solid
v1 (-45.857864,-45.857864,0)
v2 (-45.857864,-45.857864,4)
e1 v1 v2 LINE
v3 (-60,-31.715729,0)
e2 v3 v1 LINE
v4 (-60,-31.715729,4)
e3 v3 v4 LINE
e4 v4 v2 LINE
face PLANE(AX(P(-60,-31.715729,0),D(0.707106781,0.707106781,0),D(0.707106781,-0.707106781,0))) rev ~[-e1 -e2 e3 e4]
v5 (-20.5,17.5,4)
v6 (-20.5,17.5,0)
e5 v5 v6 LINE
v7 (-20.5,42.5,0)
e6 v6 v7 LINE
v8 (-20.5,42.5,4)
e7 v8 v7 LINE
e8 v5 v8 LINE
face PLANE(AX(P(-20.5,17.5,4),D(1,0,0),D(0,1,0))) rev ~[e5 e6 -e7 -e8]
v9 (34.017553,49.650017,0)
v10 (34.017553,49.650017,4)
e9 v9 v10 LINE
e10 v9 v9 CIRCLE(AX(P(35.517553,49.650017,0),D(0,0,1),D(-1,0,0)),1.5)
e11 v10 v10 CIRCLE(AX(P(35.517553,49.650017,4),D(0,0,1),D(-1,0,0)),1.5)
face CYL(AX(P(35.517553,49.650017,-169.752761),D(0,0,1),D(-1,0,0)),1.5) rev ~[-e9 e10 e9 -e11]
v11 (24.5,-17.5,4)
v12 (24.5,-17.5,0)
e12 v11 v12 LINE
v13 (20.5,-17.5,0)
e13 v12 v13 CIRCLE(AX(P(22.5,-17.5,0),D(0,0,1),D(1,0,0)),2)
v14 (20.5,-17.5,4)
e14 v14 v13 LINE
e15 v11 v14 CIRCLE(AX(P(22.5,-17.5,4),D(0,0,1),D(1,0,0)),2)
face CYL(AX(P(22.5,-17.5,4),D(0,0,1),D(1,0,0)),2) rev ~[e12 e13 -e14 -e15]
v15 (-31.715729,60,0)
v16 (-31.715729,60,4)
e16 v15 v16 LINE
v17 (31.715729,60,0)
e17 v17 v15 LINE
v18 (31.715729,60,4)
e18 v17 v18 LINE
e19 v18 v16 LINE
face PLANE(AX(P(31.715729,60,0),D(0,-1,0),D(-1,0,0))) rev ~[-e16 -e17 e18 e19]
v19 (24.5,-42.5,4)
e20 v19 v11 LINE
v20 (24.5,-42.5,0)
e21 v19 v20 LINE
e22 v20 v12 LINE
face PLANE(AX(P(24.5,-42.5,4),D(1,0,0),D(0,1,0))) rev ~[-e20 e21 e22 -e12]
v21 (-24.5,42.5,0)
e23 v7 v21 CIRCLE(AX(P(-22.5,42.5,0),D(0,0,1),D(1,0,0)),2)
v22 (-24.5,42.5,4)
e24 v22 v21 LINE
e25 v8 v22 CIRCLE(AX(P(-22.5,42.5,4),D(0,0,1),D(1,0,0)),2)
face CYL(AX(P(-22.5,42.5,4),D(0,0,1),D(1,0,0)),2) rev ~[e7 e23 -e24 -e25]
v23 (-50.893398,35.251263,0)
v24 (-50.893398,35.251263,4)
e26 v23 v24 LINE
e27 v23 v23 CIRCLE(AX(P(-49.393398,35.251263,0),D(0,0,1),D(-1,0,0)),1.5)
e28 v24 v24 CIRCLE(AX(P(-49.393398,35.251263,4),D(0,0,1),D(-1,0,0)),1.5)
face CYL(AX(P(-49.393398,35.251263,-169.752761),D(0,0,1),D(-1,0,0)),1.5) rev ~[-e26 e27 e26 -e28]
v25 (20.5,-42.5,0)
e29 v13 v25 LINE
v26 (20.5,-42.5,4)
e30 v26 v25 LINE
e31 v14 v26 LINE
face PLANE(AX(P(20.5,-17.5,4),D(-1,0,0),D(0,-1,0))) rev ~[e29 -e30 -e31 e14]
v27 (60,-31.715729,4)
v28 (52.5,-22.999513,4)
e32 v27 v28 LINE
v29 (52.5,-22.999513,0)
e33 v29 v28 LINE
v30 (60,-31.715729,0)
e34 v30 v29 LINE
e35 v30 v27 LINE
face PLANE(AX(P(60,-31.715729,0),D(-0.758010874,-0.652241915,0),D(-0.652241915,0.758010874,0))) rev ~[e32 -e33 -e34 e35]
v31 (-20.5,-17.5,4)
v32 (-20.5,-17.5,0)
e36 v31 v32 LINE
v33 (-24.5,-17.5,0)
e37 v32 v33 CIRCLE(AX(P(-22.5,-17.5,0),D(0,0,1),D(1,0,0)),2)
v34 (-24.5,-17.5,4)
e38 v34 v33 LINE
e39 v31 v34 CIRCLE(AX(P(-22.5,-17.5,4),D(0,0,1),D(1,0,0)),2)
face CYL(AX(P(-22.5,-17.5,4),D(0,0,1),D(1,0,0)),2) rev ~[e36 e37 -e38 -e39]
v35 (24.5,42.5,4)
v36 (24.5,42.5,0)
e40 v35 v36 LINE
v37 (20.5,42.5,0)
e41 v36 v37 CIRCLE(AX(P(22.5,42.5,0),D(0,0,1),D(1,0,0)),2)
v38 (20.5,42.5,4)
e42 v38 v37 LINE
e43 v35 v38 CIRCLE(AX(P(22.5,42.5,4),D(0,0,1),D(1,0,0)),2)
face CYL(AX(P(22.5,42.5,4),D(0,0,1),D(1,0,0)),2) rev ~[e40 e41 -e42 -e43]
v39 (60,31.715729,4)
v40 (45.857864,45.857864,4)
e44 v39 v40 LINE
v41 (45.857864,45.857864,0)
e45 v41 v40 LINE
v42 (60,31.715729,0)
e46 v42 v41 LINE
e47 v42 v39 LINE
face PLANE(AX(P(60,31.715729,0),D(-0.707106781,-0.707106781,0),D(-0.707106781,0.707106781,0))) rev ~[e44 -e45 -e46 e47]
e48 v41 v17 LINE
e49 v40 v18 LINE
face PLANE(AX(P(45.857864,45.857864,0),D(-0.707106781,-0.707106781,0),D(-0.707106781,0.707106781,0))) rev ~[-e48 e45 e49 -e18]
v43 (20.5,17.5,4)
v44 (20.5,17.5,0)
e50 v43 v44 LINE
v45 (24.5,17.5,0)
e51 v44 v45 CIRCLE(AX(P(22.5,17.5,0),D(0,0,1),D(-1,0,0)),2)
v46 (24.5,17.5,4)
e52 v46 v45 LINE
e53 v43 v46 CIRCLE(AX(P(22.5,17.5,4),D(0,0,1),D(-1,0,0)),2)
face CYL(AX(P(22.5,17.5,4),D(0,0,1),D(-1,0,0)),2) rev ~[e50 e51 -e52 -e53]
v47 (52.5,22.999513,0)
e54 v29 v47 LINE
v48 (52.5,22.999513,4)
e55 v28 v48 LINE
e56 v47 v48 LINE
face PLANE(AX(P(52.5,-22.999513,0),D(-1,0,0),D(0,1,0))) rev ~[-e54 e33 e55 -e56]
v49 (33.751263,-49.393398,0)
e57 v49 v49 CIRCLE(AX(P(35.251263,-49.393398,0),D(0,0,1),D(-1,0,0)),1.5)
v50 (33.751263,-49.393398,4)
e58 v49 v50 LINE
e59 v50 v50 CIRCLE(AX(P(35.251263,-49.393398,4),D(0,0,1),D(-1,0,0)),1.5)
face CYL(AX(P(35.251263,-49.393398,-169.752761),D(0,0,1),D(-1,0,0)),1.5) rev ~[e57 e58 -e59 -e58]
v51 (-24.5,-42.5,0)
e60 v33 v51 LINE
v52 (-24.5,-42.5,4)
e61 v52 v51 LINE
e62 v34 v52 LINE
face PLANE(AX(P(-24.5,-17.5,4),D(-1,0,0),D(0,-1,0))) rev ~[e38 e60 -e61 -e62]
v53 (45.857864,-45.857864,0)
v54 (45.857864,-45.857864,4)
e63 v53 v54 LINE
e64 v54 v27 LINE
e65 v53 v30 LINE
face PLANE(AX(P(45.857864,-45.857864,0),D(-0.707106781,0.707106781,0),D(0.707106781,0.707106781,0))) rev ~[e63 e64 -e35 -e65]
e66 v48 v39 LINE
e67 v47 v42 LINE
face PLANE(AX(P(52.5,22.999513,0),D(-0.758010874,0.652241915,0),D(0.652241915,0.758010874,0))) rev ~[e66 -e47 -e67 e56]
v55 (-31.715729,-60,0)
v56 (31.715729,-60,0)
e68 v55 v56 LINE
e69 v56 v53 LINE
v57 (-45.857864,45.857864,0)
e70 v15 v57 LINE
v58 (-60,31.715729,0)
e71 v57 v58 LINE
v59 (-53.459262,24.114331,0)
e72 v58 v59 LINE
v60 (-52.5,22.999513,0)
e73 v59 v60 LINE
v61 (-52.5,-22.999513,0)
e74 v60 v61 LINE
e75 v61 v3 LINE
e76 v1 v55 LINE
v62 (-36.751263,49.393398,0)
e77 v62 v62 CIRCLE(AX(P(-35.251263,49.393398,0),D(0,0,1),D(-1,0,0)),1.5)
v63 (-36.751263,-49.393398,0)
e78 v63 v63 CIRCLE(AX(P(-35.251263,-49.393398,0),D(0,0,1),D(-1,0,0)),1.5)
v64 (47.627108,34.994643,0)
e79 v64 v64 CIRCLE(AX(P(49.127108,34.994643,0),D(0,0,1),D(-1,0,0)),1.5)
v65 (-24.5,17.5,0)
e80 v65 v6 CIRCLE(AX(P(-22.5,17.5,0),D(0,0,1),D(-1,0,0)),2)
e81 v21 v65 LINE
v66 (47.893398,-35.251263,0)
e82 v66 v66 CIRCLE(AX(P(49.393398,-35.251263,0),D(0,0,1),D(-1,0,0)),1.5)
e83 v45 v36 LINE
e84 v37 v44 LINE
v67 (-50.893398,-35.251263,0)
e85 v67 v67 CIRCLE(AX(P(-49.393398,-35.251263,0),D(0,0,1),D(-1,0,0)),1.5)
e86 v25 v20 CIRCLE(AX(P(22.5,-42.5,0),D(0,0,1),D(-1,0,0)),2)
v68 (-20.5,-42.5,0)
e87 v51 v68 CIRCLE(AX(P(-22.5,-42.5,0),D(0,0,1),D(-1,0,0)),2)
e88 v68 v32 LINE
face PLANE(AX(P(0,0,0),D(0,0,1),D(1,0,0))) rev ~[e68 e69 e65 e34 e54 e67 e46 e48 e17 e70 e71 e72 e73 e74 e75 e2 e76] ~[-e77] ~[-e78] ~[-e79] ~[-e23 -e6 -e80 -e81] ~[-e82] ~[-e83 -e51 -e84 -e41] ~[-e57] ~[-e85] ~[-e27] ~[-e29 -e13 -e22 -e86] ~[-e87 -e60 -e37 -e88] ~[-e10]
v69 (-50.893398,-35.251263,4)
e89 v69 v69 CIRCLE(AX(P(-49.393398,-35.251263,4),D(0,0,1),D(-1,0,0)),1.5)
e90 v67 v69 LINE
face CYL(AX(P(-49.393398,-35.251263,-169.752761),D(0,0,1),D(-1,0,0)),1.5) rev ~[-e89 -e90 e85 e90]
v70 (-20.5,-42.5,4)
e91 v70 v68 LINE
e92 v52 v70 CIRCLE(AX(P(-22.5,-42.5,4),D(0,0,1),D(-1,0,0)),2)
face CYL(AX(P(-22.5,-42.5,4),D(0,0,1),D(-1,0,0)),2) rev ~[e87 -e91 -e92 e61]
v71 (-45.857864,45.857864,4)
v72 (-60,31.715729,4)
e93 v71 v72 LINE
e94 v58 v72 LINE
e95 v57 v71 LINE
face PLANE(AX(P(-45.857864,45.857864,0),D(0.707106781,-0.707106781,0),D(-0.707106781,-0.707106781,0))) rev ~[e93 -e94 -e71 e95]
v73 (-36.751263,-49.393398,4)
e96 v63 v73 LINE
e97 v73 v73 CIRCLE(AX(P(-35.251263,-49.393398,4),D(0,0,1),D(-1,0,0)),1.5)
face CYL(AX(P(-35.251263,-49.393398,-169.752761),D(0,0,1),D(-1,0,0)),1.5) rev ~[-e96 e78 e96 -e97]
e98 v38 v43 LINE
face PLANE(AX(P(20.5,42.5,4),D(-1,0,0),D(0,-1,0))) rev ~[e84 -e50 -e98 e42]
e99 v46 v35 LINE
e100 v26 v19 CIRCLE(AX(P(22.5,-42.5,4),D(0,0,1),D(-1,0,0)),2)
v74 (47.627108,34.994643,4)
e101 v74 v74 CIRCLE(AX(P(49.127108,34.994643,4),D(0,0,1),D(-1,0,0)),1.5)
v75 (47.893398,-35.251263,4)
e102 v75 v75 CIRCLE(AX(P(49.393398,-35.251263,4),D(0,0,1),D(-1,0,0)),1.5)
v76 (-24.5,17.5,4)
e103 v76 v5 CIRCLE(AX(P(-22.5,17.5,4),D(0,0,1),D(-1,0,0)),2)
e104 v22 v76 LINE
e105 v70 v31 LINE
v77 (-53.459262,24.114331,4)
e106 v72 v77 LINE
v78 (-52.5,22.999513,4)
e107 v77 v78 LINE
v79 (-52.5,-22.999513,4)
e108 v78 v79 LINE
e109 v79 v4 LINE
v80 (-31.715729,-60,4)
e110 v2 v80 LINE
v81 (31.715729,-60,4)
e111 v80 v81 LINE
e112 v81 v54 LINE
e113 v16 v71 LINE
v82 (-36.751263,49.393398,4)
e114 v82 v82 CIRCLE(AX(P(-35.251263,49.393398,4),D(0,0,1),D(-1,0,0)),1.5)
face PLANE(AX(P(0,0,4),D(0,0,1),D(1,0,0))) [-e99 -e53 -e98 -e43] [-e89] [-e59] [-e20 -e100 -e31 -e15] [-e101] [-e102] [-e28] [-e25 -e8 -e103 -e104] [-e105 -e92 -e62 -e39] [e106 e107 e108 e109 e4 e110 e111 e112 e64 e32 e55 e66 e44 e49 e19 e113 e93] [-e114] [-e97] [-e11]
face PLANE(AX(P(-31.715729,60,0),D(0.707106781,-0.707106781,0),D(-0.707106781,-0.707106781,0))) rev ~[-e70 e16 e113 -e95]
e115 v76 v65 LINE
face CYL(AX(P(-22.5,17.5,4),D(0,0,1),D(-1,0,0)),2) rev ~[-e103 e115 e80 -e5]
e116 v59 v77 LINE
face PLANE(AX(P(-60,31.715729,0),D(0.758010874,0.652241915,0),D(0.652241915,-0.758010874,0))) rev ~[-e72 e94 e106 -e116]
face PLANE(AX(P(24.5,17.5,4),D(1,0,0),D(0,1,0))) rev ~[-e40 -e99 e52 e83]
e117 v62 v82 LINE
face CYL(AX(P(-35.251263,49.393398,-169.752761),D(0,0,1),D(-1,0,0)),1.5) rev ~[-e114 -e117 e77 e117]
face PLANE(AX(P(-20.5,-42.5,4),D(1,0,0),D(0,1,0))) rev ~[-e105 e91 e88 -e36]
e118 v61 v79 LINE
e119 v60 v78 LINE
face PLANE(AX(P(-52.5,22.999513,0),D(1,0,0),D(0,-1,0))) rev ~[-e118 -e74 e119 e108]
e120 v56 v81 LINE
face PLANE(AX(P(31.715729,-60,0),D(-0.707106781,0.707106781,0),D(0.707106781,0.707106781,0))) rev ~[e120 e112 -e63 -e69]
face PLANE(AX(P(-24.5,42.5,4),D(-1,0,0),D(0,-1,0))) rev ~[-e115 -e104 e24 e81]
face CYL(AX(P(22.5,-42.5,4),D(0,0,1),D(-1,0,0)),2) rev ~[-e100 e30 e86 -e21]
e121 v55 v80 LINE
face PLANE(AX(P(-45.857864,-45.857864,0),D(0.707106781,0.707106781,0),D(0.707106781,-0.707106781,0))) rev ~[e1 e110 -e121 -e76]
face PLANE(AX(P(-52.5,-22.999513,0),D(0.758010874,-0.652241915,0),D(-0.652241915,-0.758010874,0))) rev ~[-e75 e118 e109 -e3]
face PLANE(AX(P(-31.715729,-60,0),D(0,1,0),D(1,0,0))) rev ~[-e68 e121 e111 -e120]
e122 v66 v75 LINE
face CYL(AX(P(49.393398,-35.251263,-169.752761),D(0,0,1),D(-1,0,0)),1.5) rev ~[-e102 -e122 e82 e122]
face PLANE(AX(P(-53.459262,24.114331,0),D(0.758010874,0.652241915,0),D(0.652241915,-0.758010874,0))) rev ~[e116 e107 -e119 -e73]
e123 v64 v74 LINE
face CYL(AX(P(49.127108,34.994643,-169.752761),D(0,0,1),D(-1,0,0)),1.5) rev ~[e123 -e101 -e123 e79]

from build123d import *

# Parameters (mm, degrees)
F5_DEPTH = 4
F7_D     = 3
F9_DEPTH = 4.001


with BuildPart() as f5:
    # F4 (on Top) → F5 (new body)
    with BuildSketch(Plane.XY):
        Polygon((31.7157287525, 60), (-31.7157287525, 60), (-45.8578643763, 45.8578643763), (-60, 31.7157287525), (-53.459262274, 24.1143308548), (-52.5, 22.9995125363), (-52.5, -22.9995125363), (-60, -31.7157287525), (-45.8578643763, -45.8578643763), (-31.7157287525, -60), (31.7157287525, -60), (45.8578643763, -45.8578643763), (60, -31.7157287525), (52.5, -22.9995125363), (52.5, 22.9995125363), (60, 31.7157287525), (45.8578643763, 45.8578643763), align=None)
    extrude(amount=F5_DEPTH)

    # F7 (through all)
    with Locations(Plane(origin=(0, 0, 0), x_dir=(1, 0, 0), z_dir=(0, 0, -1))):
        with Locations((-49.3933982822, -35.2512626585), (-35.2512626585, -49.3933982822), (35.5175525155, -49.6500174851), (49.1271084251, -34.9946434556), (49.3933982822, 35.2512626585), (35.2512626585, 49.3933982822), (-35.2512626585, 49.3933982822), (-49.3933982822, 35.2512626585)):
            Hole(F7_D / 2)

    # F8 (on face) + F0 (on Top) → F9 (cut, through all)
    with BuildSketch(Plane.XY.offset(4)):
        with BuildLine():
            ThreePointArc((-20.5, 42.5), (-22.5, 44.5), (-24.5, 42.5))
            Line((-24.5, 42.5), (-24.5, 17.5))
            ThreePointArc((-24.5, 17.5), (-22.5, 15.5), (-20.5, 17.5))
            Line((-20.5, 17.5), (-20.5, 42.5))
        make_face()
        with BuildLine():
            ThreePointArc((24.5, 42.5), (22.5, 44.5), (20.5, 42.5))
            Line((20.5, 42.5), (20.5, 17.5))
            ThreePointArc((20.5, 17.5), (22.5, 15.5), (24.5, 17.5))
            Line((24.5, 17.5), (24.5, 42.5))
        make_face()
        with BuildLine():
            ThreePointArc((20.5, -42.5), (22.5, -44.5), (24.5, -42.5))
            Line((24.5, -42.5), (24.5, -17.5))
            ThreePointArc((24.5, -17.5), (22.5, -15.5), (20.5, -17.5))
            Line((20.5, -17.5), (20.5, -42.5))
        make_face()
        with BuildLine():
            ThreePointArc((-20.5, -17.5), (-22.5, -15.5), (-24.5, -17.5))
            Line((-24.5, -17.5), (-24.5, -42.5))
            ThreePointArc((-24.5, -42.5), (-22.5, -44.5), (-20.5, -42.5))
            Line((-20.5, -42.5), (-20.5, -17.5))
        make_face()
    with BuildSketch(Plane.XY):
        with BuildLine():
            Line((-92.5269119346, 112.3259018078), (-120.6951909025, 148.176438676))
            ThreePointArc((-120.6951909025, 148.176438676), (-118.5238761033, 143.1793796454), (-117.7817459305, 137.7817459305))
            ThreePointArc((-117.7817459305, 137.7817459305), (-127.9810789866, 120.3476721824), (-148.176438676, 120.6951909025))
            Line((-148.176438676, 120.6951909025), (-112.3259018078, 92.5269119346))
            Line((-112.3259018078, 92.5269119346), (-60, 31.7157287525))
            Line((-60, 31.7157287525), (-31.7157287525, 60))
            Line((-31.7157287525, 60), (-92.5269119346, 112.3259018078))
        make_face()
    extrude(amount=-F9_DEPTH, mode=Mode.SUBTRACT)


solid = f5.part
